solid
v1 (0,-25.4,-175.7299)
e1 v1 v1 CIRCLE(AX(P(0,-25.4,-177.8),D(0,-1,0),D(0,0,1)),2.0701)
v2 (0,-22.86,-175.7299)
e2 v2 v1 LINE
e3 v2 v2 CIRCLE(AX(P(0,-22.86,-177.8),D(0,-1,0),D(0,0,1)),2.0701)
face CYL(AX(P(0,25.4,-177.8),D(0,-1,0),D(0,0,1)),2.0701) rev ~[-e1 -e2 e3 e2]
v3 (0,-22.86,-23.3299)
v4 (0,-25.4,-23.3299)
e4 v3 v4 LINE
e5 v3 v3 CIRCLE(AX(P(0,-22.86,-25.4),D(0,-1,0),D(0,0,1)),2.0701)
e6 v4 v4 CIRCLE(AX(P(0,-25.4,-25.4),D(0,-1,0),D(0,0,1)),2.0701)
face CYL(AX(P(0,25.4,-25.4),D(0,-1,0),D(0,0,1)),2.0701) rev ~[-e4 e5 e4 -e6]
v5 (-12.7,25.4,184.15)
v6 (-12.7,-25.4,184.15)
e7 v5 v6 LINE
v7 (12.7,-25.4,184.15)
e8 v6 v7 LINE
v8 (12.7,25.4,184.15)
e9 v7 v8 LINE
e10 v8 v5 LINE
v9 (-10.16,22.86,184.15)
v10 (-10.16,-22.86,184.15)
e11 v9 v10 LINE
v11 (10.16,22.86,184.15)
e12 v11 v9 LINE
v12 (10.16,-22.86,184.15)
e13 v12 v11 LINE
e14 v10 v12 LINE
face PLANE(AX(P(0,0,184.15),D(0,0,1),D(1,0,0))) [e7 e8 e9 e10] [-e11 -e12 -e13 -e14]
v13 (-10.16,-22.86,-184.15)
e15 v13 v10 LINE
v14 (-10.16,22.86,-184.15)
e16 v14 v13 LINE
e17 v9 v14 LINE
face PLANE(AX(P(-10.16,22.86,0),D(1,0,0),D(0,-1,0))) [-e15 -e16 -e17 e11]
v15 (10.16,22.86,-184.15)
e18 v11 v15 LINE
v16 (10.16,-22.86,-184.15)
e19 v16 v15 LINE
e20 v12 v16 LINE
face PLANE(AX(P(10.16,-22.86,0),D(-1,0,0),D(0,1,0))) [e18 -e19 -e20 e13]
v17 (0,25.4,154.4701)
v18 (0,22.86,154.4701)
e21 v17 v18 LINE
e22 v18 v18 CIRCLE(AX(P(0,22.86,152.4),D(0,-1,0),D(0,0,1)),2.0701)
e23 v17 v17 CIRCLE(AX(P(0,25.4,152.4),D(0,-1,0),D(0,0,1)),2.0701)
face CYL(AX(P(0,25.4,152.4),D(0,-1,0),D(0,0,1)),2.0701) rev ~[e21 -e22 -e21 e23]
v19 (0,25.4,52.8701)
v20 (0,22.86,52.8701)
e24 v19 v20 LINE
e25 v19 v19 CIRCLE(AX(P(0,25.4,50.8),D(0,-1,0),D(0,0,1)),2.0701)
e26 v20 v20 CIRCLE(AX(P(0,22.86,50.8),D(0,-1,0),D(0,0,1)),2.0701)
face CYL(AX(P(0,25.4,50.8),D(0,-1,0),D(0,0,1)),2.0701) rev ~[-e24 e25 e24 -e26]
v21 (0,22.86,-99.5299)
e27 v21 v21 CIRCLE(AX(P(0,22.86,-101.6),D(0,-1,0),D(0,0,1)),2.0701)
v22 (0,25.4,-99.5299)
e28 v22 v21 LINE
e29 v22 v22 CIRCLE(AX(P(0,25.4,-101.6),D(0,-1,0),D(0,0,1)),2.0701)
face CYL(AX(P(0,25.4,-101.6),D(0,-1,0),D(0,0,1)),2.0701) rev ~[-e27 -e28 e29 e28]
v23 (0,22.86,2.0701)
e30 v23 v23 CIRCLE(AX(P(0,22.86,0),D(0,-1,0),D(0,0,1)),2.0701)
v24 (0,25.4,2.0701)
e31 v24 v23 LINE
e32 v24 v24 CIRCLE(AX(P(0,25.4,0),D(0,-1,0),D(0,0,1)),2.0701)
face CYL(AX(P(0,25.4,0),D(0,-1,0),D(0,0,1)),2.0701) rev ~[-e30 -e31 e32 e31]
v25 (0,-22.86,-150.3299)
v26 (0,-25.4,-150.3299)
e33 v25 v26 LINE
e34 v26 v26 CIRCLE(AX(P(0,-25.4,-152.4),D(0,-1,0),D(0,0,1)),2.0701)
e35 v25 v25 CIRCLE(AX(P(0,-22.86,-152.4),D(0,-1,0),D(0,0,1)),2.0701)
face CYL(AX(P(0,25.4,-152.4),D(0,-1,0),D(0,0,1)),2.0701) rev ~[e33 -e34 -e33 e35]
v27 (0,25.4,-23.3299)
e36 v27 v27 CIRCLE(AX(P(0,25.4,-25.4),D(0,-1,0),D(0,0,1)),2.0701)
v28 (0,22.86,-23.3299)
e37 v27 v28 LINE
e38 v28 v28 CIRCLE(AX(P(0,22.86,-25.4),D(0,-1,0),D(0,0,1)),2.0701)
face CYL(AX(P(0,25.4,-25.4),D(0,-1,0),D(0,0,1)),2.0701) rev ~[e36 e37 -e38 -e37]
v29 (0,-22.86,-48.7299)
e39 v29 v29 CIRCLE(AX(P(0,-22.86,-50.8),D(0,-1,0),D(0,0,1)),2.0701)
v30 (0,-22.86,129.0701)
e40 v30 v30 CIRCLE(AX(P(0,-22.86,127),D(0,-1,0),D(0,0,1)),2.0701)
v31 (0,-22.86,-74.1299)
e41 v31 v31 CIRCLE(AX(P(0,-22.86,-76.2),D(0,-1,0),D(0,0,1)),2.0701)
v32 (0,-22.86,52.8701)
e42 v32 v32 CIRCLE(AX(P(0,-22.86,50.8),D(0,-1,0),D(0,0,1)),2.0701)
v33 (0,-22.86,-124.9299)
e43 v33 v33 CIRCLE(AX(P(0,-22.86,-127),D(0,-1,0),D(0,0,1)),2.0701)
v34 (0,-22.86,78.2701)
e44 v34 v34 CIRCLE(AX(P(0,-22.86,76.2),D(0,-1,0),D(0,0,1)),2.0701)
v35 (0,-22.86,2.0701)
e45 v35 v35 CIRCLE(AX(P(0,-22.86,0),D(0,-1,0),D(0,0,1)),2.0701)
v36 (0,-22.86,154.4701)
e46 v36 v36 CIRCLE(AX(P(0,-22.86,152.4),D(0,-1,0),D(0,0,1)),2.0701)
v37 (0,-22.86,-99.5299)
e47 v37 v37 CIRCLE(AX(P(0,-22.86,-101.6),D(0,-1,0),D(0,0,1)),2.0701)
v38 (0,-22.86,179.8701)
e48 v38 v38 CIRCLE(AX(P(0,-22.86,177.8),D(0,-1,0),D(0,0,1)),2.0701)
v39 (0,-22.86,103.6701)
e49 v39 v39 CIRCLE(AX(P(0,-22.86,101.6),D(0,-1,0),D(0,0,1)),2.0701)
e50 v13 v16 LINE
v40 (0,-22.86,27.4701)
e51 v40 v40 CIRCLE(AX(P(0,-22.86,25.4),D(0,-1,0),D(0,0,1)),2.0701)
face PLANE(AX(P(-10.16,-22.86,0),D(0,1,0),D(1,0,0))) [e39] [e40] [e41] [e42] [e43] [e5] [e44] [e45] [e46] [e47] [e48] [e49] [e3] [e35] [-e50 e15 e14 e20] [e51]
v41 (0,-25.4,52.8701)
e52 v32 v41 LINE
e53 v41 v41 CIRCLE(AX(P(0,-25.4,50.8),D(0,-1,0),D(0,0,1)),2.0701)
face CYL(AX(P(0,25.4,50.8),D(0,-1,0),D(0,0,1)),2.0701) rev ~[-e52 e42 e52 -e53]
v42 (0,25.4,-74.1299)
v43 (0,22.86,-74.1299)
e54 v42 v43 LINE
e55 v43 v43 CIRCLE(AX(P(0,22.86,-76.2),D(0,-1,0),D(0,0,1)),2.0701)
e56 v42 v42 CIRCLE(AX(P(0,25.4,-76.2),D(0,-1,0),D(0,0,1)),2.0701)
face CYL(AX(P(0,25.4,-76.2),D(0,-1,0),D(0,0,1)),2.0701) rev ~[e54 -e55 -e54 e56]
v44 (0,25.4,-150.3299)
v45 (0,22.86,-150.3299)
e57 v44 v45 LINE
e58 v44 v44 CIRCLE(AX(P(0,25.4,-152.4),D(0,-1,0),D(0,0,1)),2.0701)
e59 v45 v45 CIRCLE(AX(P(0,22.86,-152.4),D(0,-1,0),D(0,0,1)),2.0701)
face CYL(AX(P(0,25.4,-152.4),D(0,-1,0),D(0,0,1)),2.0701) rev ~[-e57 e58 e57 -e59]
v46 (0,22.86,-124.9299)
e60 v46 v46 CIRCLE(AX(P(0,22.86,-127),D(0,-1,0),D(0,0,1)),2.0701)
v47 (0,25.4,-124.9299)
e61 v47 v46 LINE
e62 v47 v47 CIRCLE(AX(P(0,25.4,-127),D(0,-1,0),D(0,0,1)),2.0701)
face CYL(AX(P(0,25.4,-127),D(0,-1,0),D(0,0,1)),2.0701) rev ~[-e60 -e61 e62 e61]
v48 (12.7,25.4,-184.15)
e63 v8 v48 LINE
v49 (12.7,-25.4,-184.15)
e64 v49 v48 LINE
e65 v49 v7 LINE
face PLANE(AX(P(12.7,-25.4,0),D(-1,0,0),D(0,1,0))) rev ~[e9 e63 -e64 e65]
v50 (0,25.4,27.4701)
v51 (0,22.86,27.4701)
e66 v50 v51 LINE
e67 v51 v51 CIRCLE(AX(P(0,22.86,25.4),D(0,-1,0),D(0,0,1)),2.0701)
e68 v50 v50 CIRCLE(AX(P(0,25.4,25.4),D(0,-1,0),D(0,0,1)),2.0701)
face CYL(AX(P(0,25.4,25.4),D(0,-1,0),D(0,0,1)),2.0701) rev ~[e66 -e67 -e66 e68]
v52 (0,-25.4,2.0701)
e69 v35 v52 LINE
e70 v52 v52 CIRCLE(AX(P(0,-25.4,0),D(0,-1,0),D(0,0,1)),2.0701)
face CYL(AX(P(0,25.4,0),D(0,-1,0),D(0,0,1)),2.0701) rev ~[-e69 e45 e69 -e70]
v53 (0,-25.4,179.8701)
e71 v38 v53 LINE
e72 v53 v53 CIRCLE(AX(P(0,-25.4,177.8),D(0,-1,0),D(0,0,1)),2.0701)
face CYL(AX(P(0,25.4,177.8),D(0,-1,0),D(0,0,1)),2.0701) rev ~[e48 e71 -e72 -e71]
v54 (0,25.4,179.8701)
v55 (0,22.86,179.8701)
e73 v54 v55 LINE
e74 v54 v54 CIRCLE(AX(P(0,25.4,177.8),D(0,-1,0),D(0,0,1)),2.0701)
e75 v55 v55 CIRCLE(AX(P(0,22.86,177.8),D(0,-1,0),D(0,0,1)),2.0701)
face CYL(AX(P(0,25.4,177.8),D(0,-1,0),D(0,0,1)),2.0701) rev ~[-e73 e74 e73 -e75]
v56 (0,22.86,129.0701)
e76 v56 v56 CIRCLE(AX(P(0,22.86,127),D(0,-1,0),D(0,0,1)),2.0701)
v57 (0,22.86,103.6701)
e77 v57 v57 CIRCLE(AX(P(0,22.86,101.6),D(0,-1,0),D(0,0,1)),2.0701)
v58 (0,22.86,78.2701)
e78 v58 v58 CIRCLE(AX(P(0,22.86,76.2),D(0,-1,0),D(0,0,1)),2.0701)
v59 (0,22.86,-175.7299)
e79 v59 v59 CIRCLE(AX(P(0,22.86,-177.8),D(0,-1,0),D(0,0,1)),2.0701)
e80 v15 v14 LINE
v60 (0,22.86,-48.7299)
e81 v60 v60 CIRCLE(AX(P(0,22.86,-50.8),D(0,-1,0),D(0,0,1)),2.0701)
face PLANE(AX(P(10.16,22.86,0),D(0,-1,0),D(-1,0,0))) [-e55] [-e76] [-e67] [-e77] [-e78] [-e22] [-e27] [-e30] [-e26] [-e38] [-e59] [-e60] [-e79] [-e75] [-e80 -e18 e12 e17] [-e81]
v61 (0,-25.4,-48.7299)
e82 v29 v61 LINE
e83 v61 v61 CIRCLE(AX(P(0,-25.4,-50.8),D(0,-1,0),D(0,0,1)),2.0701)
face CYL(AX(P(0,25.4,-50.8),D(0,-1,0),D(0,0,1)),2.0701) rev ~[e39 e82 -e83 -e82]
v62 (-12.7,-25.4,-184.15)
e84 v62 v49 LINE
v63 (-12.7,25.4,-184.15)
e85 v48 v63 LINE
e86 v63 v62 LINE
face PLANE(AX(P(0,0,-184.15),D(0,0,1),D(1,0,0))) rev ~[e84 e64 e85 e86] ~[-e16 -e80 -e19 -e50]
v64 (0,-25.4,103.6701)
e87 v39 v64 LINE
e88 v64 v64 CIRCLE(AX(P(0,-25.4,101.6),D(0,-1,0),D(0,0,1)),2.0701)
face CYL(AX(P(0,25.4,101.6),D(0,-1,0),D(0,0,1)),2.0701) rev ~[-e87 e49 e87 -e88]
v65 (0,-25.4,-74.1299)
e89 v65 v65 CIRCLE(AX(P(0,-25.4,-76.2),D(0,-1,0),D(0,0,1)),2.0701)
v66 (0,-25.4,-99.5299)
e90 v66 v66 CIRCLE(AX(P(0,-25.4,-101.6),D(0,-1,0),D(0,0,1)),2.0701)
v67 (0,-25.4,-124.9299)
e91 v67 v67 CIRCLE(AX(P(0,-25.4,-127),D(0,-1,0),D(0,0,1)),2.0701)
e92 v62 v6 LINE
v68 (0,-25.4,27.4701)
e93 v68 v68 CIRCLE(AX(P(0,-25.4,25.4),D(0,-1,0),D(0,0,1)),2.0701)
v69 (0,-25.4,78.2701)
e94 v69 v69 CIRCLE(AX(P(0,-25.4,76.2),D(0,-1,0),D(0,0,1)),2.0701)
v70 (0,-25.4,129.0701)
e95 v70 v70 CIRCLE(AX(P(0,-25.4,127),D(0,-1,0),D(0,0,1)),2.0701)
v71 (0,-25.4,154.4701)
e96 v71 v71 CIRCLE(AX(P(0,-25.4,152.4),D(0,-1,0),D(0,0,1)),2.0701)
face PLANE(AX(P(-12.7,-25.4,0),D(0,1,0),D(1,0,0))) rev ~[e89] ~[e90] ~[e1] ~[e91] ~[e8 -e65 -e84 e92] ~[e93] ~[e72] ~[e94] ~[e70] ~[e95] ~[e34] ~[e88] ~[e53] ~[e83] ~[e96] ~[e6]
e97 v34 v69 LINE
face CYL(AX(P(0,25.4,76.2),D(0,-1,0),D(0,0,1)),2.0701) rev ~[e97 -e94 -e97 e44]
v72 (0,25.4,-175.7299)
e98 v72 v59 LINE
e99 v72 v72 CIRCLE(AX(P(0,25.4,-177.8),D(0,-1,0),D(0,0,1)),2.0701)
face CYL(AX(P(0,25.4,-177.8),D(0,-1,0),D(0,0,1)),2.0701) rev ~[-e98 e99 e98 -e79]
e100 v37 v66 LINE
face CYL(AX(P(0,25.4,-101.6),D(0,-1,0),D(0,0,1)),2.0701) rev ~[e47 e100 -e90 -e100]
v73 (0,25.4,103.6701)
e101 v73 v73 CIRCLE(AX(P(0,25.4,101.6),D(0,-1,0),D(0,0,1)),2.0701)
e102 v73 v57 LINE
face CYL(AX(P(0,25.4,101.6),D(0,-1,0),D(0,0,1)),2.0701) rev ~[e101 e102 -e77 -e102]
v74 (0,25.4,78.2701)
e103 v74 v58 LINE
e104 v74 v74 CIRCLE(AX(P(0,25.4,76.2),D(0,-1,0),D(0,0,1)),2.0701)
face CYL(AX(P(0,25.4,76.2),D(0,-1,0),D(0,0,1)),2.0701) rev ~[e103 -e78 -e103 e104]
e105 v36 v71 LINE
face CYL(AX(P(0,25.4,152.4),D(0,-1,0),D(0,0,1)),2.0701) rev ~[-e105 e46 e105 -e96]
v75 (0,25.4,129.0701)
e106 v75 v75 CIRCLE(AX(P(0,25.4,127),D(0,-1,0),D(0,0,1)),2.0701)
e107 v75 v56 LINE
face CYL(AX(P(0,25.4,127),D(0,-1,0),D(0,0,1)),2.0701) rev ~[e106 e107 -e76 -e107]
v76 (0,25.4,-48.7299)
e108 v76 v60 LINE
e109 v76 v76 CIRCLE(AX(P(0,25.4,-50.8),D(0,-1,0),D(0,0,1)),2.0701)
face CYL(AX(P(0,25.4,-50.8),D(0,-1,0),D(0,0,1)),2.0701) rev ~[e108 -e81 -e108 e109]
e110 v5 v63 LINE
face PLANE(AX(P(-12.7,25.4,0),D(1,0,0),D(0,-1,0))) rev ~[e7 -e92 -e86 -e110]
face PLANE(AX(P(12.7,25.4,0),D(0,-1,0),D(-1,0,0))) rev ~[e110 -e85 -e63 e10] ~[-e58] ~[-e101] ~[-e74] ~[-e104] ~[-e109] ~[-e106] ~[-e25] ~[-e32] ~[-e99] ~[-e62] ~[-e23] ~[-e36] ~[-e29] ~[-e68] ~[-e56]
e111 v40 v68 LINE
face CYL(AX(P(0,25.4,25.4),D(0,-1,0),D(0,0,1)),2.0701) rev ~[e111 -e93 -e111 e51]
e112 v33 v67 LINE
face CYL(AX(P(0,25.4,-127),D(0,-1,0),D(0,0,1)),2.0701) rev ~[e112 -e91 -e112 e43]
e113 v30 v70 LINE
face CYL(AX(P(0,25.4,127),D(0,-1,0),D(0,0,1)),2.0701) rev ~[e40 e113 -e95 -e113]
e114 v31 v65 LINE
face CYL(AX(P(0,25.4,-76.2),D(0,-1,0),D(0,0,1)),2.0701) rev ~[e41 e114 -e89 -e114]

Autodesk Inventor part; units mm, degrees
ref_plane "YZ Plane" through (0, 0, 0) normal (1, 0, 0) x (0, 1, 0)
ref_plane "XZ Plane" through (0, 0, 0) normal (0, 1, 0) x (-1, 0, 0)
ref_plane "XY Plane" through (0, 0, 0) normal (0, 0, 1) x (1, 0, 0)
sketch "Sketch1" plane through (0, 0, 0) normal (0, 0, 1) x (1, 0, 0)
  line L0 (-12.7, -25.4) -> (12.7, -25.4)
  line L1 (12.7, -25.4) -> (12.7, 25.4)
  line L2 (12.7, 25.4) -> (-12.7, 25.4)
  line L3 (-12.7, 25.4) -> (-12.7, -25.4)
  line L4 (-12.7, -25.4) -> (12.7, 25.4) construction
  line L5 (12.7, -25.4) -> (-12.7, 25.4) construction
  line L6 (-10.16, -22.86) -> (10.16, -22.86)
  line L7 (10.16, -22.86) -> (10.16, 22.86)
  line L8 (10.16, 22.86) -> (-10.16, 22.86)
  line L9 (-10.16, 22.86) -> (-10.16, -22.86)
  line L10 (-10.16, -22.86) -> (10.16, 22.86) construction
  line L11 (10.16, -22.86) -> (-10.16, 22.86) construction
  point P0 (0, 0)
  dimension "d0" = 25.4
  dimension "d1" = 50.8
  dimension "d2" = 20.32
  dimension "d3" = 45.72
extrude "Extrusion1" add sketch "Sketch1" along normal mid plane 368.3
sketch "Sketch2" plane through (-12.7, 25.4, 184.15) normal (0, 1, 0) x (1, 0, 0)
  line L0 (0, 368.3) -> (0, 0) projected
  line L1 (25.4, 0) -> (0, 0) projected
  point P0 (12.7, 184.15)
  point P1 (12.7, 6.35)
  dimension "d6" = 12.7
  dimension "d7" = 6.35
hole "Hole1" at (0, 25.4, 177.8) direction (0, -1, 0) diameter 4.1402 end through all
pattern_linear "Rectangular Pattern1" count 15 spacing 25.4 along (0, 0, -1) of "Hole1"
properties part number "Horizontal_frame_2nd_stage" material "Aluminum 6061"
